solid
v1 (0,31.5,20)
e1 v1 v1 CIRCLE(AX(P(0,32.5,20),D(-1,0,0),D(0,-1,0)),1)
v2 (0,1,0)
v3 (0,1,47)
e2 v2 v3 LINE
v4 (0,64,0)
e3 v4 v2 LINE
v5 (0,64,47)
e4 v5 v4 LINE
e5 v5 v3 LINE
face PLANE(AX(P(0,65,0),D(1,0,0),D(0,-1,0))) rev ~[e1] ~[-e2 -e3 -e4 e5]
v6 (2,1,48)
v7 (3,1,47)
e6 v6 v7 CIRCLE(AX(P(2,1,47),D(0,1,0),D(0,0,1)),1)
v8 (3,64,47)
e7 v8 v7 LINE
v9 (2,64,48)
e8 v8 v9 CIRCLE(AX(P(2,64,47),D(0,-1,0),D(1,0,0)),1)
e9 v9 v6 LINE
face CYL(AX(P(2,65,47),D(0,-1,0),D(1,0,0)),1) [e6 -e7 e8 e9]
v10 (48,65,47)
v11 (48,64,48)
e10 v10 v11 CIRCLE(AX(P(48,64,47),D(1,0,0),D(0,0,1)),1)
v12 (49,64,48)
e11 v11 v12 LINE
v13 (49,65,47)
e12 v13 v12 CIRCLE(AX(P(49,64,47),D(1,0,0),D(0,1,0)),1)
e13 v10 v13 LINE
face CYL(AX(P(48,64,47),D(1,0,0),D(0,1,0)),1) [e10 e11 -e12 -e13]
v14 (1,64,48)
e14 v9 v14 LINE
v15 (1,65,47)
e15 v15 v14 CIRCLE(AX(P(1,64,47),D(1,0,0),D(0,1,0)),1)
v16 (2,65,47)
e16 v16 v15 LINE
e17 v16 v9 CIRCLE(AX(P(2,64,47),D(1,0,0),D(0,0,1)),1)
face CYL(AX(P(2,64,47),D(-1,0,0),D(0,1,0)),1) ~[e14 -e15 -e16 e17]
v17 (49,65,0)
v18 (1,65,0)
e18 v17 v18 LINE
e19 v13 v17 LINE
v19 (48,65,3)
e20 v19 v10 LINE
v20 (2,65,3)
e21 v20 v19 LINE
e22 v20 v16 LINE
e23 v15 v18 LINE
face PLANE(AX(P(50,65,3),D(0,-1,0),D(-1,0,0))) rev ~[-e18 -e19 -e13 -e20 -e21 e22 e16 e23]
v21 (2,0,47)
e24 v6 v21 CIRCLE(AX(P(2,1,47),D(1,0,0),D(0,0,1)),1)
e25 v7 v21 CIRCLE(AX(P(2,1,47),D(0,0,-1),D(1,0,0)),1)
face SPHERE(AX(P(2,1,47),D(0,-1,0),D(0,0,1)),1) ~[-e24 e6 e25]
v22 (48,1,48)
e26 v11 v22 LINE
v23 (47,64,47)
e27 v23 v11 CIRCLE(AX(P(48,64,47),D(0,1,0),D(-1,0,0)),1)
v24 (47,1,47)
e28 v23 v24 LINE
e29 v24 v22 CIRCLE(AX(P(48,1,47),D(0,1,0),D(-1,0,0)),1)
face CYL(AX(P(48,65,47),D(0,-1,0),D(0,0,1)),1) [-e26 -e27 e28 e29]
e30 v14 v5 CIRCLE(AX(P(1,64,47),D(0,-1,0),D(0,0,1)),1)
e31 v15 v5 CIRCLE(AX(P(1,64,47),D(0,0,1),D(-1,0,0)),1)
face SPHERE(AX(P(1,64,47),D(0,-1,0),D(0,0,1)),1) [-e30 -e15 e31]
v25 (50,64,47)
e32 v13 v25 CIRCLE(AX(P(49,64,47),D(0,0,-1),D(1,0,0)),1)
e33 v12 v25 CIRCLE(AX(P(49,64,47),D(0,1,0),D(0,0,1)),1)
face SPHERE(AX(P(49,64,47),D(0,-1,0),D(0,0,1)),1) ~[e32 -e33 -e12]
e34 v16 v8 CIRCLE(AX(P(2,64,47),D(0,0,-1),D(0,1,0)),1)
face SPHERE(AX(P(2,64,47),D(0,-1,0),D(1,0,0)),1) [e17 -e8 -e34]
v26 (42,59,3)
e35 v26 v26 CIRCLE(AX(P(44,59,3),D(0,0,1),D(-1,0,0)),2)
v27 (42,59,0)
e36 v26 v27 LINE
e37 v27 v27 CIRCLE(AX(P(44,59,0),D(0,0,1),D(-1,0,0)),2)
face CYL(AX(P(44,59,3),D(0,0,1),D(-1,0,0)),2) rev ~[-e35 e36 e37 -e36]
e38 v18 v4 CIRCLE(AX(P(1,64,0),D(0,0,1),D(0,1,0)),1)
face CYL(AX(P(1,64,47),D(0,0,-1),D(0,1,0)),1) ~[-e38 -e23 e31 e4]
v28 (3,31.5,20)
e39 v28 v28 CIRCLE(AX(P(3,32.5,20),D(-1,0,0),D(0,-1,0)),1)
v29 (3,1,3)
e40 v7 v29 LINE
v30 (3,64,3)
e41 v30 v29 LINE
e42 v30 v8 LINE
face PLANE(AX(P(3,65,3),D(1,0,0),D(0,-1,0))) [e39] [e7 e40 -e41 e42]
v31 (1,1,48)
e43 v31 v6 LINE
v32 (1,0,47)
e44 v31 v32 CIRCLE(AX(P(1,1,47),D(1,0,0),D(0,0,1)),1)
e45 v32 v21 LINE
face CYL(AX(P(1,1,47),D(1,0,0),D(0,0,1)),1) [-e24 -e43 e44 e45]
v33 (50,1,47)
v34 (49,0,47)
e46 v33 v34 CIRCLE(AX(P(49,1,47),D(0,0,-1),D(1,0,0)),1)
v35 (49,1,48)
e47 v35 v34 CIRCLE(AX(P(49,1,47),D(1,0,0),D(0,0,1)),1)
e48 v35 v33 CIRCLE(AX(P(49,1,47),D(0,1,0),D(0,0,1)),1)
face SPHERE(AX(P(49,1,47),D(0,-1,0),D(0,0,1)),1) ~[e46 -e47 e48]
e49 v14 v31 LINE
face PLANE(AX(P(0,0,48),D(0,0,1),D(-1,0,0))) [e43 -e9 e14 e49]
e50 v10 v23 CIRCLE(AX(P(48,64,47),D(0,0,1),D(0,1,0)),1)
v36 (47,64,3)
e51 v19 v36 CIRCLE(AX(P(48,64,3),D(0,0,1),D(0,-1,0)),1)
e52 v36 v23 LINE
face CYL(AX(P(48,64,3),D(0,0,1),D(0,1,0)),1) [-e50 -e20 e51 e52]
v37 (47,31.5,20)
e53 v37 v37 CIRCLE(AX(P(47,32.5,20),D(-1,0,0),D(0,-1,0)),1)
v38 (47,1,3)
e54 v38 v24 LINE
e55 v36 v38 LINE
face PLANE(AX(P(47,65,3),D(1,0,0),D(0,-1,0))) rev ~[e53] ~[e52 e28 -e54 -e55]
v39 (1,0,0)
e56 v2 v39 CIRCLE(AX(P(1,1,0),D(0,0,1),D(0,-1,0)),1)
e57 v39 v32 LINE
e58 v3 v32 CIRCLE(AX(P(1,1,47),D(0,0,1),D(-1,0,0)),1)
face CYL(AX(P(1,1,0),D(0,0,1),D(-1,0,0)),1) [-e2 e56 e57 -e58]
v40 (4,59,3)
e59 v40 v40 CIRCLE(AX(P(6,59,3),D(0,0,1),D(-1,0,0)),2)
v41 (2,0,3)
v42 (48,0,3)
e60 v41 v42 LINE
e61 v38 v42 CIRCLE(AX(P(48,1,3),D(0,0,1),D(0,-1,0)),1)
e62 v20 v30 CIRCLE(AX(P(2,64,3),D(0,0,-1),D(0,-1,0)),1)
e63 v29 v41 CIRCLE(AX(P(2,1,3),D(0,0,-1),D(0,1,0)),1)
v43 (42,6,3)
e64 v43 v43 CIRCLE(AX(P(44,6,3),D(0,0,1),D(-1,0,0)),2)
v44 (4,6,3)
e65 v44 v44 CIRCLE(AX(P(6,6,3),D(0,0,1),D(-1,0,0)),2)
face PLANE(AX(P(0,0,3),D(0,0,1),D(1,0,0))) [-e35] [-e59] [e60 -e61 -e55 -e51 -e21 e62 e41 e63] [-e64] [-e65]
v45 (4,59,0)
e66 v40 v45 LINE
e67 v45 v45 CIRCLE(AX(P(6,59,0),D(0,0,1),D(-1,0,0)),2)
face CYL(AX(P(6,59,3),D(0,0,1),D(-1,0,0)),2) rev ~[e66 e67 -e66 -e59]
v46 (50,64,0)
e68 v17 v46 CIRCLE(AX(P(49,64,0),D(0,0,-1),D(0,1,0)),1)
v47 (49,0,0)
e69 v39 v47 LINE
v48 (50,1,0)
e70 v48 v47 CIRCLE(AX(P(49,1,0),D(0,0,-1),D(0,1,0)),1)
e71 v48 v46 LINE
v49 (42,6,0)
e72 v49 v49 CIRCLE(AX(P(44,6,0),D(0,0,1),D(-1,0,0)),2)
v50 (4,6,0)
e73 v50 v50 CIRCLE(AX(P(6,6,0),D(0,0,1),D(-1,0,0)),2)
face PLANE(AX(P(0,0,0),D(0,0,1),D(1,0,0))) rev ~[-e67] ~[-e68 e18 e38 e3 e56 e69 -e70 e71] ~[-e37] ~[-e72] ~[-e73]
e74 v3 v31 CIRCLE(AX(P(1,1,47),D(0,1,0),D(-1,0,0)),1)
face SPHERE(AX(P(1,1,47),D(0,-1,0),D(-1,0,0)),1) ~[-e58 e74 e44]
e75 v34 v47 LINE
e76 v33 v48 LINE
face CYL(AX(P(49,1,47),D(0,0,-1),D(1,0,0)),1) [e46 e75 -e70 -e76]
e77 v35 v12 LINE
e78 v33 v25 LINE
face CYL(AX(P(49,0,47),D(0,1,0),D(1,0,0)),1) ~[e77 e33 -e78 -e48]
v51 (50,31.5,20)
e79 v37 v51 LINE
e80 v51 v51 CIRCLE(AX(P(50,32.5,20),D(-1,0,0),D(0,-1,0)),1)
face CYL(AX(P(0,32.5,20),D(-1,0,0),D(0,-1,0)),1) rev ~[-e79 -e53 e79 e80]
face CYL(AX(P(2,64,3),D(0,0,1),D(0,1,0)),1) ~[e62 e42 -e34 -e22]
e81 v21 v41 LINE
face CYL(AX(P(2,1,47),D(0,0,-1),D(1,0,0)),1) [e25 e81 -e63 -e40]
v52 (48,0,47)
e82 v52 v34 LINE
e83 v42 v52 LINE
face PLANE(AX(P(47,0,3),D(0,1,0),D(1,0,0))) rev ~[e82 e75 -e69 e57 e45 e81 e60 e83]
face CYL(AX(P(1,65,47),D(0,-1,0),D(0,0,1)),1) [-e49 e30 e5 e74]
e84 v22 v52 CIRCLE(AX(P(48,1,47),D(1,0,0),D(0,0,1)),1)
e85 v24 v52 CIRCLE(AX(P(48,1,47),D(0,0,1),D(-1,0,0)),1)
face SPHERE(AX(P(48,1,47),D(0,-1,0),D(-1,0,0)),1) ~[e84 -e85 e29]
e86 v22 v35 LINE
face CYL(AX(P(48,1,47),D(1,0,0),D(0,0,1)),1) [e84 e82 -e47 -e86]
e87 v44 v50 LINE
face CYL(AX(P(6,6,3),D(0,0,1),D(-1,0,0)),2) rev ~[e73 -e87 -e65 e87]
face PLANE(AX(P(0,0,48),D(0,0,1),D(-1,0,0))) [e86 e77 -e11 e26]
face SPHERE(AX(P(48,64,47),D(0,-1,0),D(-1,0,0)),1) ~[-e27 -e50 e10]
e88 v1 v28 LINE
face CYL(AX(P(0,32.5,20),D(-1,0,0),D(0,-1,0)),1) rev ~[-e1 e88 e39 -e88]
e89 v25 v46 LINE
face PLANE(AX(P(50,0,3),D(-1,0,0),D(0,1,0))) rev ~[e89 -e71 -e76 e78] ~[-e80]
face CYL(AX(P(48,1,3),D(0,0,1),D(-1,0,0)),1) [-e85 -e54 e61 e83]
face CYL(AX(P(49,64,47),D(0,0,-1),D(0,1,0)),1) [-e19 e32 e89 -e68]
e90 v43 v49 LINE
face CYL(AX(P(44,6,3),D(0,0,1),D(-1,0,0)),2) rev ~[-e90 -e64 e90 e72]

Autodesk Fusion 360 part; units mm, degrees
sketch "Sketch1" plane through (0, 0, 0) normal (0, 0, 1) x (1, 0, 0)
  line L0 (0, 0) -> (50, 0)
  line L1 (50, 0) -> (50, 65)
  line L2 (50, 65) -> (0, 65)
  line L3 (0, 65) -> (0, 0)
  dimension "d1" = 50
  dimension "d2" = 65
extrude "Extrude1" add sketch "Sketch1" along normal blind 3
sketch "Sketch2" plane through (0, 0, 3) normal (0, 0, 1) x (-1, 0, 0)
  line L0 (0, -65) -> (0, 0)
  line L1 (0, 0) -> (-50, 0)
  line L2 (-50, 0) -> (-50, -65)
  line L3 (-50, -65) -> (0, -65)
  line L4 (0, -65) -> (-3, -65)
  line L5 (-3, -65) -> (-3, 0)
  line L6 (-3, 0) -> (0, 0)
  line L7 (0, 0) -> (0, -65)
  dimension "d5" = 65
  dimension "d6" = 50
  dimension "d7" = 3
extrude "Extrude2" add sketch "Sketch2" along normal blind 45 contours L0 L1 L3 L4 L5 L6 L7
sketch "Sketch3" plane through (0, 0, 3) normal (0, 0, 1) x (-1, 0, 0)
  line L0 (-3, -65) -> (-3, 0)
  line L1 (-3, 0) -> (-50, 0)
  line L2 (-50, 0) -> (-50, -65)
  line L3 (-50, -65) -> (-3, -65)
  line L4 (-50, -65) -> (-47, -65)
  line L5 (-47, -65) -> (-47, 0)
  line L6 (-47, 0) -> (-50, 0)
  line L7 (-50, 0) -> (-50, -65)
  dimension "d10" = 3
extrude "Extrude3" add sketch "Sketch3" along normal blind 45 contours L1 L2 L3 L4 L5 L6 L7
sketch "Sketch4" plane through (0, 0, 0) normal (-1, 0, 0) x (0, -1, 0)
  line L0 (-65, 0) -> (0, 0)
  line L1 (0, 0) -> (0, 48)
  line L2 (0, 48) -> (-65, 48)
  line L3 (-65, 48) -> (-65, 0)
  circle A0 centre (-32.5, 20) radius 1
  dimension "d14" = 2
extrude "Extrude4" cut sketch "Sketch4" against normal blind 51 contours A0
sketch "Sketch5" plane through (0, 0, 3) normal (0, 0, 1) x (-1, 0, 0)
  line L0 (-47, 0) -> (-47, -65)
  line L1 (-47, -65) -> (-3, -65)
  line L2 (-3, -65) -> (-3, 0)
  line L3 (-3, 0) -> (-47, 0)
  line L4 (0, 0) -> (-3, 0)
  circle A0 centre (-6, -59) radius 2
  circle A1 centre (-6, -6) radius 2
  circle A2 centre (-44, -6) radius 2
  circle A3 centre (-44, -59) radius 2
  dimension "d21" = 4
  dimension "d22" = 4
  dimension "d25" = 4
  dimension "d28" = 4
extrude "Extrude5" cut sketch "Sketch5" against normal blind 5 contours A0 | A1 | A2 | A3
fillet "Fillet1" radius 1 4 edges at (50, 32.5, 48) (47, 32.5, 48) (3, 32.5, 48) (0, 32.5, 48)
fillet "Fillet2" radius 1 20 edges at (0, 65, 23.5) (0.2929, 65, 47.7071) (1.5, 65, 48) (2.7071, 65, 47.7071) (3, 65, 25) (47, 65, 25) (47.2929, 65, 47.7071) (48.5, 65, 48) (49.7071, 65, 47.7071) (50, 65, 23.5) (0, 0, 23.5) (0.2929, 0, 47.7071) (1.5, 0, 48) (2.7071, 0, 47.7071) (3, 0, 25) (47, 0, 25) (47.2929, 0, 47.7071) (48.5, 0, 48) (49.7071, 0, 47.7071) (50, 0, 23.5)
